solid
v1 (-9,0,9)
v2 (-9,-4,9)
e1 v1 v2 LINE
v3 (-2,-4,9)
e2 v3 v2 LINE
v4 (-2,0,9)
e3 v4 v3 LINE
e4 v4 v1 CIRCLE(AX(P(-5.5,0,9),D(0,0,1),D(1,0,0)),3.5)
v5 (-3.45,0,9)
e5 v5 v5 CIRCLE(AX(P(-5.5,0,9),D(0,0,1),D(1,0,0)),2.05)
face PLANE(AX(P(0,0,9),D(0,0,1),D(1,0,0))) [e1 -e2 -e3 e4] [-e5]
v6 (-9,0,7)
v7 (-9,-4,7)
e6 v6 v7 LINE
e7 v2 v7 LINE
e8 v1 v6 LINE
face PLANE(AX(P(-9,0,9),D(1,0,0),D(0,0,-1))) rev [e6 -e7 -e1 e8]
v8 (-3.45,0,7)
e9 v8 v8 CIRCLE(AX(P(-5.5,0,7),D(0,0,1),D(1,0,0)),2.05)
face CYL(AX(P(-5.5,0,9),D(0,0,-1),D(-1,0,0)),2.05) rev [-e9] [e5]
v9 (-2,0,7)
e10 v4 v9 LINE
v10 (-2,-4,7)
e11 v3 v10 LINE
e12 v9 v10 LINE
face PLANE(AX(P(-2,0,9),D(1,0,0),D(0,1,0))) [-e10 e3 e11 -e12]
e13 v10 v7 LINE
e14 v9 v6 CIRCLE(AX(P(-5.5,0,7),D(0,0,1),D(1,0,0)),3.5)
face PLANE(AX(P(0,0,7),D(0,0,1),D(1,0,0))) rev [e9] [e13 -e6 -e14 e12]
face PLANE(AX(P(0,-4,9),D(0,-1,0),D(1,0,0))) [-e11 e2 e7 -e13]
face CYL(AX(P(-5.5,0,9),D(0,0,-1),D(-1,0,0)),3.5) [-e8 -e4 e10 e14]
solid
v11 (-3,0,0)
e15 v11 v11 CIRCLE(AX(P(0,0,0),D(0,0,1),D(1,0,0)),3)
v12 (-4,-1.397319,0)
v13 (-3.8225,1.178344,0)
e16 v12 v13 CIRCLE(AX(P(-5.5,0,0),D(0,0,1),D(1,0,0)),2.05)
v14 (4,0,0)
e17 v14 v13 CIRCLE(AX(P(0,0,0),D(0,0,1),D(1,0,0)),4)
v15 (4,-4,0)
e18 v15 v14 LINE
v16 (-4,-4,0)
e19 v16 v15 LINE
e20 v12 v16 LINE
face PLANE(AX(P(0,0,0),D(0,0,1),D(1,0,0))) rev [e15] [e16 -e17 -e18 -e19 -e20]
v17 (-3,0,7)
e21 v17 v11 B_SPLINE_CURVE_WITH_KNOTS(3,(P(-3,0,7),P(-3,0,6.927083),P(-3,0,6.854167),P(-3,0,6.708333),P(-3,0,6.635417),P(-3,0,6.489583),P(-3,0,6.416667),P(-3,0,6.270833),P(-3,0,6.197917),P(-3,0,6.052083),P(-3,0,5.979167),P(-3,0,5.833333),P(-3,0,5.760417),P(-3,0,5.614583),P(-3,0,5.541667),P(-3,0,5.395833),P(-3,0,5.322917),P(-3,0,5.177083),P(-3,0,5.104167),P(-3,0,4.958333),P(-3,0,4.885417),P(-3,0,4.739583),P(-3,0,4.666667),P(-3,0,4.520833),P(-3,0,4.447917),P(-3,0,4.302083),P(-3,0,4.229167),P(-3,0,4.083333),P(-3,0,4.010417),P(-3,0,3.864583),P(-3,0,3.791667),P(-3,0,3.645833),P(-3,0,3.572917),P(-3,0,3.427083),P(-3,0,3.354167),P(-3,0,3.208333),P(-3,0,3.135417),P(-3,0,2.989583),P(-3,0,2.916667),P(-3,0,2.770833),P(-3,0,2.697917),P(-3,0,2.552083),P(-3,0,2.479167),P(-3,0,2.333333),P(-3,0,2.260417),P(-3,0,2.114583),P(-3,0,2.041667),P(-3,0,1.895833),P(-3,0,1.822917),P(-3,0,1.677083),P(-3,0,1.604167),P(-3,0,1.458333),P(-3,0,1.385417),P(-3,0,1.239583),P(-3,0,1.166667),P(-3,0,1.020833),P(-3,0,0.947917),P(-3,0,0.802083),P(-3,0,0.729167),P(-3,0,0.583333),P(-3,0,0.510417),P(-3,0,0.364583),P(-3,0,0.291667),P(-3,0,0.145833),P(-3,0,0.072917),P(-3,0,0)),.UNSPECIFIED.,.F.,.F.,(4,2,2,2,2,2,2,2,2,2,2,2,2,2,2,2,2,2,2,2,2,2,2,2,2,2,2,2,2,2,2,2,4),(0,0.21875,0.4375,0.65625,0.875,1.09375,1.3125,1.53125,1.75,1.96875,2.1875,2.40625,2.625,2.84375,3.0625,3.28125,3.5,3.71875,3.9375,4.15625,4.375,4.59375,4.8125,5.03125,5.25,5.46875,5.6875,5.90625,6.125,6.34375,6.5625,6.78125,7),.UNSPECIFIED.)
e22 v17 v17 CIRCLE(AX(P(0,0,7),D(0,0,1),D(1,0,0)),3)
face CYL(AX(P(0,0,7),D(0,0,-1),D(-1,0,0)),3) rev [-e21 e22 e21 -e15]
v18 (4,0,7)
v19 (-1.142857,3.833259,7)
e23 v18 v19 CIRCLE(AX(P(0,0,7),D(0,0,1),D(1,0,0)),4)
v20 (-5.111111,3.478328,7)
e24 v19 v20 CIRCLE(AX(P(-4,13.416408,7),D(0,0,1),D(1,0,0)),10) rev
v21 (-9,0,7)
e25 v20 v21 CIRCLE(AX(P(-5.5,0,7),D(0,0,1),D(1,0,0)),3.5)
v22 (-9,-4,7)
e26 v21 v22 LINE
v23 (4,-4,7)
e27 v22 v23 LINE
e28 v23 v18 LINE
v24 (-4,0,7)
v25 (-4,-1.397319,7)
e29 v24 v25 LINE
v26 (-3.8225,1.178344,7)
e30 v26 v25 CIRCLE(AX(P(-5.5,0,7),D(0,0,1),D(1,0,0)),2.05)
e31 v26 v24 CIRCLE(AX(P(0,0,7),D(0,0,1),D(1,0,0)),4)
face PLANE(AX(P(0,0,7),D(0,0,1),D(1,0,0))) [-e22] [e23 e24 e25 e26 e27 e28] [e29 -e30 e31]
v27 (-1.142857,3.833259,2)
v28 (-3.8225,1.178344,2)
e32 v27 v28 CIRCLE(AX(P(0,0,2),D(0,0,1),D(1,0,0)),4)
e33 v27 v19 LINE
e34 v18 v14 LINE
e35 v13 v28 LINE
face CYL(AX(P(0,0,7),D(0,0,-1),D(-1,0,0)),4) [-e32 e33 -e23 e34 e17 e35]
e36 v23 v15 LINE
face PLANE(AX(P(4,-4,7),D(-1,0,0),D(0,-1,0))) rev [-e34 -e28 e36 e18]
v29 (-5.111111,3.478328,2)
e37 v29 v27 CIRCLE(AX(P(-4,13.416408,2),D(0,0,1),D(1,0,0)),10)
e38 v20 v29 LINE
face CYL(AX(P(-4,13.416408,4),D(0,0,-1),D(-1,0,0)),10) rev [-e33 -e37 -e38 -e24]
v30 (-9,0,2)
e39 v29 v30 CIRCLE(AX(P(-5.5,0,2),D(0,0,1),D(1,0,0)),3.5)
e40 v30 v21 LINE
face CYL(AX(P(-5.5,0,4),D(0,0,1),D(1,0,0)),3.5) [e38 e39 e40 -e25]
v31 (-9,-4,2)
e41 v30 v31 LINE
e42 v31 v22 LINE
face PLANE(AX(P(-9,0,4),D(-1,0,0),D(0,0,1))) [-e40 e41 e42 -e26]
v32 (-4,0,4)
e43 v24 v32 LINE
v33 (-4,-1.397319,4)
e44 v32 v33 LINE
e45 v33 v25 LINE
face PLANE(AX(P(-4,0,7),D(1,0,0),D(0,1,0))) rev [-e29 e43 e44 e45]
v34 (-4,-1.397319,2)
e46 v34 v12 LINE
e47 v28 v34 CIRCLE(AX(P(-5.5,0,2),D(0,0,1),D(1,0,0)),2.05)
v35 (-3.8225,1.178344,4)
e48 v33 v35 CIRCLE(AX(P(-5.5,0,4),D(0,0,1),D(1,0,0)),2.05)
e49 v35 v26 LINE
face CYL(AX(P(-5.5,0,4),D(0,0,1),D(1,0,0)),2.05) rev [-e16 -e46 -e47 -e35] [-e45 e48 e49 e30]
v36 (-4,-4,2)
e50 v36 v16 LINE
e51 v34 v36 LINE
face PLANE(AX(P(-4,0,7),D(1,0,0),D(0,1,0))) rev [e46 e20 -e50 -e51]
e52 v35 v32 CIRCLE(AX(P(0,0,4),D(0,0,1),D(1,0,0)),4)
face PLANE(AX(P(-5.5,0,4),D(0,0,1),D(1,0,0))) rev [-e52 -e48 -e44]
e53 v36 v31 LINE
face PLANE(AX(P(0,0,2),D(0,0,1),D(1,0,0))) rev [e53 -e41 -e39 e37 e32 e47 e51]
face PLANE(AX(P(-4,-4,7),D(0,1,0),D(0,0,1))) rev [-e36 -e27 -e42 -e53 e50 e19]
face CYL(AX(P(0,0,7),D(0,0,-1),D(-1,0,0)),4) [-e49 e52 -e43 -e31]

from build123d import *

# Parameters (mm, degrees)
SKETCH1_R           = 3
BOSS_EXTRUDE1_DEPTH = 7
BOSS_EXTRUDE6_START = -3
BOSS_EXTRUDE6_DEPTH = 3
SKETCH2_4_R         = 2.05
BOSS_EXTRUDE8_DEPTH = 2
BOSS_EXTRUDE9_START = -5
BOSS_EXTRUDE9_DEPTH = 2
FILLET2_R           = 10
CUT_EXTRUDE5_START  = -10
SKETCH2_9_R         = 2.05
CUT_EXTRUDE5_DEPTH  = 7


with BuildPart() as part:
    # Sketch1 → Boss-Extrude1 (new body)
    with BuildSketch(Plane.XY):
        with BuildLine():
            Line((-4, 0), (-4, -4))
            Line((-4, -4), (4, -4))
            Line((4, -4), (4, 0))
            ThreePointArc((4, 0), (0, 4), (-4, 0))
        make_face()
        with Locations(Location((0, 0, 0), (0, 0, 180))):
            Circle(SKETCH1_R, mode=Mode.SUBTRACT)
    extrude(amount=BOSS_EXTRUDE1_DEPTH)

    # Sketch2 → Boss-Extrude6 (add)
    with BuildSketch(Plane.XY.offset(7).offset(BOSS_EXTRUDE6_START)):
        with BuildLine():
            ThreePointArc((-3.090909091, 2.538952735), (-6.881698559, 3.215728392), (-9, 0))
            Line((-9, 0), (-9, -4))
            Line((-9, -4), (-4, -4))
            Line((-4, -4), (-4, -1.397318861))
            ThreePointArc((-4, -1.397318861), (-7.545149359, 0.140940053), (-3.8225, 1.178343647))
            ThreePointArc((-3.8225, 1.178343647), (-3.523012998, 1.894301827), (-3.090909091, 2.538952735))
        make_face()
    extrude(amount=BOSS_EXTRUDE6_DEPTH)

    # Sketch2<6> → Boss-Extrude9 (add)
    with BuildSketch(Plane.XY.offset(7).offset(BOSS_EXTRUDE9_START)):
        with BuildLine():
            ThreePointArc((-3.090909091, 2.538952735), (-6.881698559, 3.215728392), (-9, 0))
            Line((-9, 0), (-9, -4))
            Line((-9, -4), (-4, -4))
            Line((-4, -4), (-4, -1.397318861))
            ThreePointArc((-4, -1.397318861), (-7.545149359, 0.140940053), (-3.8225, 1.178343647))
            ThreePointArc((-3.8225, 1.178343647), (-3.523012998, 1.894301827), (-3.090909091, 2.538952735))
        make_face()
    extrude(amount=BOSS_EXTRUDE9_DEPTH)

    # Fillet2
    fillet2_edges = [part.edges().sort_by_distance(p)[0] for p in [
        (-3.090909091, 2.538952735, 4.5),
    ]]
    fillet(fillet2_edges, radius=FILLET2_R)

    # Sketch2<9> → Cut-Extrude5 (cut)
    with BuildSketch(Plane.XY.offset(7).offset(CUT_EXTRUDE5_START)):
        with Locations((-5.5, 0)):
            Circle(SKETCH2_9_R)
    extrude(amount=CUT_EXTRUDE5_DEPTH, mode=Mode.SUBTRACT)


with BuildPart() as body_2:
    # Sketch2<4> → Boss-Extrude8 (new body)
    with BuildSketch(Plane.XY.offset(7)):
        with BuildLine():
            Line((-9, 0), (-9, -4))
            Line((-9, -4), (-2, -4))
            Line((-2, -4), (-2, 0))
            ThreePointArc((-2, 0), (-5.5, 3.5), (-9, 0))
        make_face()
        with Locations((-5.5, 0)):
            Circle(SKETCH2_4_R, mode=Mode.SUBTRACT)
    extrude(amount=BOSS_EXTRUDE8_DEPTH)


solid = Compound([part.part, body_2.part])
